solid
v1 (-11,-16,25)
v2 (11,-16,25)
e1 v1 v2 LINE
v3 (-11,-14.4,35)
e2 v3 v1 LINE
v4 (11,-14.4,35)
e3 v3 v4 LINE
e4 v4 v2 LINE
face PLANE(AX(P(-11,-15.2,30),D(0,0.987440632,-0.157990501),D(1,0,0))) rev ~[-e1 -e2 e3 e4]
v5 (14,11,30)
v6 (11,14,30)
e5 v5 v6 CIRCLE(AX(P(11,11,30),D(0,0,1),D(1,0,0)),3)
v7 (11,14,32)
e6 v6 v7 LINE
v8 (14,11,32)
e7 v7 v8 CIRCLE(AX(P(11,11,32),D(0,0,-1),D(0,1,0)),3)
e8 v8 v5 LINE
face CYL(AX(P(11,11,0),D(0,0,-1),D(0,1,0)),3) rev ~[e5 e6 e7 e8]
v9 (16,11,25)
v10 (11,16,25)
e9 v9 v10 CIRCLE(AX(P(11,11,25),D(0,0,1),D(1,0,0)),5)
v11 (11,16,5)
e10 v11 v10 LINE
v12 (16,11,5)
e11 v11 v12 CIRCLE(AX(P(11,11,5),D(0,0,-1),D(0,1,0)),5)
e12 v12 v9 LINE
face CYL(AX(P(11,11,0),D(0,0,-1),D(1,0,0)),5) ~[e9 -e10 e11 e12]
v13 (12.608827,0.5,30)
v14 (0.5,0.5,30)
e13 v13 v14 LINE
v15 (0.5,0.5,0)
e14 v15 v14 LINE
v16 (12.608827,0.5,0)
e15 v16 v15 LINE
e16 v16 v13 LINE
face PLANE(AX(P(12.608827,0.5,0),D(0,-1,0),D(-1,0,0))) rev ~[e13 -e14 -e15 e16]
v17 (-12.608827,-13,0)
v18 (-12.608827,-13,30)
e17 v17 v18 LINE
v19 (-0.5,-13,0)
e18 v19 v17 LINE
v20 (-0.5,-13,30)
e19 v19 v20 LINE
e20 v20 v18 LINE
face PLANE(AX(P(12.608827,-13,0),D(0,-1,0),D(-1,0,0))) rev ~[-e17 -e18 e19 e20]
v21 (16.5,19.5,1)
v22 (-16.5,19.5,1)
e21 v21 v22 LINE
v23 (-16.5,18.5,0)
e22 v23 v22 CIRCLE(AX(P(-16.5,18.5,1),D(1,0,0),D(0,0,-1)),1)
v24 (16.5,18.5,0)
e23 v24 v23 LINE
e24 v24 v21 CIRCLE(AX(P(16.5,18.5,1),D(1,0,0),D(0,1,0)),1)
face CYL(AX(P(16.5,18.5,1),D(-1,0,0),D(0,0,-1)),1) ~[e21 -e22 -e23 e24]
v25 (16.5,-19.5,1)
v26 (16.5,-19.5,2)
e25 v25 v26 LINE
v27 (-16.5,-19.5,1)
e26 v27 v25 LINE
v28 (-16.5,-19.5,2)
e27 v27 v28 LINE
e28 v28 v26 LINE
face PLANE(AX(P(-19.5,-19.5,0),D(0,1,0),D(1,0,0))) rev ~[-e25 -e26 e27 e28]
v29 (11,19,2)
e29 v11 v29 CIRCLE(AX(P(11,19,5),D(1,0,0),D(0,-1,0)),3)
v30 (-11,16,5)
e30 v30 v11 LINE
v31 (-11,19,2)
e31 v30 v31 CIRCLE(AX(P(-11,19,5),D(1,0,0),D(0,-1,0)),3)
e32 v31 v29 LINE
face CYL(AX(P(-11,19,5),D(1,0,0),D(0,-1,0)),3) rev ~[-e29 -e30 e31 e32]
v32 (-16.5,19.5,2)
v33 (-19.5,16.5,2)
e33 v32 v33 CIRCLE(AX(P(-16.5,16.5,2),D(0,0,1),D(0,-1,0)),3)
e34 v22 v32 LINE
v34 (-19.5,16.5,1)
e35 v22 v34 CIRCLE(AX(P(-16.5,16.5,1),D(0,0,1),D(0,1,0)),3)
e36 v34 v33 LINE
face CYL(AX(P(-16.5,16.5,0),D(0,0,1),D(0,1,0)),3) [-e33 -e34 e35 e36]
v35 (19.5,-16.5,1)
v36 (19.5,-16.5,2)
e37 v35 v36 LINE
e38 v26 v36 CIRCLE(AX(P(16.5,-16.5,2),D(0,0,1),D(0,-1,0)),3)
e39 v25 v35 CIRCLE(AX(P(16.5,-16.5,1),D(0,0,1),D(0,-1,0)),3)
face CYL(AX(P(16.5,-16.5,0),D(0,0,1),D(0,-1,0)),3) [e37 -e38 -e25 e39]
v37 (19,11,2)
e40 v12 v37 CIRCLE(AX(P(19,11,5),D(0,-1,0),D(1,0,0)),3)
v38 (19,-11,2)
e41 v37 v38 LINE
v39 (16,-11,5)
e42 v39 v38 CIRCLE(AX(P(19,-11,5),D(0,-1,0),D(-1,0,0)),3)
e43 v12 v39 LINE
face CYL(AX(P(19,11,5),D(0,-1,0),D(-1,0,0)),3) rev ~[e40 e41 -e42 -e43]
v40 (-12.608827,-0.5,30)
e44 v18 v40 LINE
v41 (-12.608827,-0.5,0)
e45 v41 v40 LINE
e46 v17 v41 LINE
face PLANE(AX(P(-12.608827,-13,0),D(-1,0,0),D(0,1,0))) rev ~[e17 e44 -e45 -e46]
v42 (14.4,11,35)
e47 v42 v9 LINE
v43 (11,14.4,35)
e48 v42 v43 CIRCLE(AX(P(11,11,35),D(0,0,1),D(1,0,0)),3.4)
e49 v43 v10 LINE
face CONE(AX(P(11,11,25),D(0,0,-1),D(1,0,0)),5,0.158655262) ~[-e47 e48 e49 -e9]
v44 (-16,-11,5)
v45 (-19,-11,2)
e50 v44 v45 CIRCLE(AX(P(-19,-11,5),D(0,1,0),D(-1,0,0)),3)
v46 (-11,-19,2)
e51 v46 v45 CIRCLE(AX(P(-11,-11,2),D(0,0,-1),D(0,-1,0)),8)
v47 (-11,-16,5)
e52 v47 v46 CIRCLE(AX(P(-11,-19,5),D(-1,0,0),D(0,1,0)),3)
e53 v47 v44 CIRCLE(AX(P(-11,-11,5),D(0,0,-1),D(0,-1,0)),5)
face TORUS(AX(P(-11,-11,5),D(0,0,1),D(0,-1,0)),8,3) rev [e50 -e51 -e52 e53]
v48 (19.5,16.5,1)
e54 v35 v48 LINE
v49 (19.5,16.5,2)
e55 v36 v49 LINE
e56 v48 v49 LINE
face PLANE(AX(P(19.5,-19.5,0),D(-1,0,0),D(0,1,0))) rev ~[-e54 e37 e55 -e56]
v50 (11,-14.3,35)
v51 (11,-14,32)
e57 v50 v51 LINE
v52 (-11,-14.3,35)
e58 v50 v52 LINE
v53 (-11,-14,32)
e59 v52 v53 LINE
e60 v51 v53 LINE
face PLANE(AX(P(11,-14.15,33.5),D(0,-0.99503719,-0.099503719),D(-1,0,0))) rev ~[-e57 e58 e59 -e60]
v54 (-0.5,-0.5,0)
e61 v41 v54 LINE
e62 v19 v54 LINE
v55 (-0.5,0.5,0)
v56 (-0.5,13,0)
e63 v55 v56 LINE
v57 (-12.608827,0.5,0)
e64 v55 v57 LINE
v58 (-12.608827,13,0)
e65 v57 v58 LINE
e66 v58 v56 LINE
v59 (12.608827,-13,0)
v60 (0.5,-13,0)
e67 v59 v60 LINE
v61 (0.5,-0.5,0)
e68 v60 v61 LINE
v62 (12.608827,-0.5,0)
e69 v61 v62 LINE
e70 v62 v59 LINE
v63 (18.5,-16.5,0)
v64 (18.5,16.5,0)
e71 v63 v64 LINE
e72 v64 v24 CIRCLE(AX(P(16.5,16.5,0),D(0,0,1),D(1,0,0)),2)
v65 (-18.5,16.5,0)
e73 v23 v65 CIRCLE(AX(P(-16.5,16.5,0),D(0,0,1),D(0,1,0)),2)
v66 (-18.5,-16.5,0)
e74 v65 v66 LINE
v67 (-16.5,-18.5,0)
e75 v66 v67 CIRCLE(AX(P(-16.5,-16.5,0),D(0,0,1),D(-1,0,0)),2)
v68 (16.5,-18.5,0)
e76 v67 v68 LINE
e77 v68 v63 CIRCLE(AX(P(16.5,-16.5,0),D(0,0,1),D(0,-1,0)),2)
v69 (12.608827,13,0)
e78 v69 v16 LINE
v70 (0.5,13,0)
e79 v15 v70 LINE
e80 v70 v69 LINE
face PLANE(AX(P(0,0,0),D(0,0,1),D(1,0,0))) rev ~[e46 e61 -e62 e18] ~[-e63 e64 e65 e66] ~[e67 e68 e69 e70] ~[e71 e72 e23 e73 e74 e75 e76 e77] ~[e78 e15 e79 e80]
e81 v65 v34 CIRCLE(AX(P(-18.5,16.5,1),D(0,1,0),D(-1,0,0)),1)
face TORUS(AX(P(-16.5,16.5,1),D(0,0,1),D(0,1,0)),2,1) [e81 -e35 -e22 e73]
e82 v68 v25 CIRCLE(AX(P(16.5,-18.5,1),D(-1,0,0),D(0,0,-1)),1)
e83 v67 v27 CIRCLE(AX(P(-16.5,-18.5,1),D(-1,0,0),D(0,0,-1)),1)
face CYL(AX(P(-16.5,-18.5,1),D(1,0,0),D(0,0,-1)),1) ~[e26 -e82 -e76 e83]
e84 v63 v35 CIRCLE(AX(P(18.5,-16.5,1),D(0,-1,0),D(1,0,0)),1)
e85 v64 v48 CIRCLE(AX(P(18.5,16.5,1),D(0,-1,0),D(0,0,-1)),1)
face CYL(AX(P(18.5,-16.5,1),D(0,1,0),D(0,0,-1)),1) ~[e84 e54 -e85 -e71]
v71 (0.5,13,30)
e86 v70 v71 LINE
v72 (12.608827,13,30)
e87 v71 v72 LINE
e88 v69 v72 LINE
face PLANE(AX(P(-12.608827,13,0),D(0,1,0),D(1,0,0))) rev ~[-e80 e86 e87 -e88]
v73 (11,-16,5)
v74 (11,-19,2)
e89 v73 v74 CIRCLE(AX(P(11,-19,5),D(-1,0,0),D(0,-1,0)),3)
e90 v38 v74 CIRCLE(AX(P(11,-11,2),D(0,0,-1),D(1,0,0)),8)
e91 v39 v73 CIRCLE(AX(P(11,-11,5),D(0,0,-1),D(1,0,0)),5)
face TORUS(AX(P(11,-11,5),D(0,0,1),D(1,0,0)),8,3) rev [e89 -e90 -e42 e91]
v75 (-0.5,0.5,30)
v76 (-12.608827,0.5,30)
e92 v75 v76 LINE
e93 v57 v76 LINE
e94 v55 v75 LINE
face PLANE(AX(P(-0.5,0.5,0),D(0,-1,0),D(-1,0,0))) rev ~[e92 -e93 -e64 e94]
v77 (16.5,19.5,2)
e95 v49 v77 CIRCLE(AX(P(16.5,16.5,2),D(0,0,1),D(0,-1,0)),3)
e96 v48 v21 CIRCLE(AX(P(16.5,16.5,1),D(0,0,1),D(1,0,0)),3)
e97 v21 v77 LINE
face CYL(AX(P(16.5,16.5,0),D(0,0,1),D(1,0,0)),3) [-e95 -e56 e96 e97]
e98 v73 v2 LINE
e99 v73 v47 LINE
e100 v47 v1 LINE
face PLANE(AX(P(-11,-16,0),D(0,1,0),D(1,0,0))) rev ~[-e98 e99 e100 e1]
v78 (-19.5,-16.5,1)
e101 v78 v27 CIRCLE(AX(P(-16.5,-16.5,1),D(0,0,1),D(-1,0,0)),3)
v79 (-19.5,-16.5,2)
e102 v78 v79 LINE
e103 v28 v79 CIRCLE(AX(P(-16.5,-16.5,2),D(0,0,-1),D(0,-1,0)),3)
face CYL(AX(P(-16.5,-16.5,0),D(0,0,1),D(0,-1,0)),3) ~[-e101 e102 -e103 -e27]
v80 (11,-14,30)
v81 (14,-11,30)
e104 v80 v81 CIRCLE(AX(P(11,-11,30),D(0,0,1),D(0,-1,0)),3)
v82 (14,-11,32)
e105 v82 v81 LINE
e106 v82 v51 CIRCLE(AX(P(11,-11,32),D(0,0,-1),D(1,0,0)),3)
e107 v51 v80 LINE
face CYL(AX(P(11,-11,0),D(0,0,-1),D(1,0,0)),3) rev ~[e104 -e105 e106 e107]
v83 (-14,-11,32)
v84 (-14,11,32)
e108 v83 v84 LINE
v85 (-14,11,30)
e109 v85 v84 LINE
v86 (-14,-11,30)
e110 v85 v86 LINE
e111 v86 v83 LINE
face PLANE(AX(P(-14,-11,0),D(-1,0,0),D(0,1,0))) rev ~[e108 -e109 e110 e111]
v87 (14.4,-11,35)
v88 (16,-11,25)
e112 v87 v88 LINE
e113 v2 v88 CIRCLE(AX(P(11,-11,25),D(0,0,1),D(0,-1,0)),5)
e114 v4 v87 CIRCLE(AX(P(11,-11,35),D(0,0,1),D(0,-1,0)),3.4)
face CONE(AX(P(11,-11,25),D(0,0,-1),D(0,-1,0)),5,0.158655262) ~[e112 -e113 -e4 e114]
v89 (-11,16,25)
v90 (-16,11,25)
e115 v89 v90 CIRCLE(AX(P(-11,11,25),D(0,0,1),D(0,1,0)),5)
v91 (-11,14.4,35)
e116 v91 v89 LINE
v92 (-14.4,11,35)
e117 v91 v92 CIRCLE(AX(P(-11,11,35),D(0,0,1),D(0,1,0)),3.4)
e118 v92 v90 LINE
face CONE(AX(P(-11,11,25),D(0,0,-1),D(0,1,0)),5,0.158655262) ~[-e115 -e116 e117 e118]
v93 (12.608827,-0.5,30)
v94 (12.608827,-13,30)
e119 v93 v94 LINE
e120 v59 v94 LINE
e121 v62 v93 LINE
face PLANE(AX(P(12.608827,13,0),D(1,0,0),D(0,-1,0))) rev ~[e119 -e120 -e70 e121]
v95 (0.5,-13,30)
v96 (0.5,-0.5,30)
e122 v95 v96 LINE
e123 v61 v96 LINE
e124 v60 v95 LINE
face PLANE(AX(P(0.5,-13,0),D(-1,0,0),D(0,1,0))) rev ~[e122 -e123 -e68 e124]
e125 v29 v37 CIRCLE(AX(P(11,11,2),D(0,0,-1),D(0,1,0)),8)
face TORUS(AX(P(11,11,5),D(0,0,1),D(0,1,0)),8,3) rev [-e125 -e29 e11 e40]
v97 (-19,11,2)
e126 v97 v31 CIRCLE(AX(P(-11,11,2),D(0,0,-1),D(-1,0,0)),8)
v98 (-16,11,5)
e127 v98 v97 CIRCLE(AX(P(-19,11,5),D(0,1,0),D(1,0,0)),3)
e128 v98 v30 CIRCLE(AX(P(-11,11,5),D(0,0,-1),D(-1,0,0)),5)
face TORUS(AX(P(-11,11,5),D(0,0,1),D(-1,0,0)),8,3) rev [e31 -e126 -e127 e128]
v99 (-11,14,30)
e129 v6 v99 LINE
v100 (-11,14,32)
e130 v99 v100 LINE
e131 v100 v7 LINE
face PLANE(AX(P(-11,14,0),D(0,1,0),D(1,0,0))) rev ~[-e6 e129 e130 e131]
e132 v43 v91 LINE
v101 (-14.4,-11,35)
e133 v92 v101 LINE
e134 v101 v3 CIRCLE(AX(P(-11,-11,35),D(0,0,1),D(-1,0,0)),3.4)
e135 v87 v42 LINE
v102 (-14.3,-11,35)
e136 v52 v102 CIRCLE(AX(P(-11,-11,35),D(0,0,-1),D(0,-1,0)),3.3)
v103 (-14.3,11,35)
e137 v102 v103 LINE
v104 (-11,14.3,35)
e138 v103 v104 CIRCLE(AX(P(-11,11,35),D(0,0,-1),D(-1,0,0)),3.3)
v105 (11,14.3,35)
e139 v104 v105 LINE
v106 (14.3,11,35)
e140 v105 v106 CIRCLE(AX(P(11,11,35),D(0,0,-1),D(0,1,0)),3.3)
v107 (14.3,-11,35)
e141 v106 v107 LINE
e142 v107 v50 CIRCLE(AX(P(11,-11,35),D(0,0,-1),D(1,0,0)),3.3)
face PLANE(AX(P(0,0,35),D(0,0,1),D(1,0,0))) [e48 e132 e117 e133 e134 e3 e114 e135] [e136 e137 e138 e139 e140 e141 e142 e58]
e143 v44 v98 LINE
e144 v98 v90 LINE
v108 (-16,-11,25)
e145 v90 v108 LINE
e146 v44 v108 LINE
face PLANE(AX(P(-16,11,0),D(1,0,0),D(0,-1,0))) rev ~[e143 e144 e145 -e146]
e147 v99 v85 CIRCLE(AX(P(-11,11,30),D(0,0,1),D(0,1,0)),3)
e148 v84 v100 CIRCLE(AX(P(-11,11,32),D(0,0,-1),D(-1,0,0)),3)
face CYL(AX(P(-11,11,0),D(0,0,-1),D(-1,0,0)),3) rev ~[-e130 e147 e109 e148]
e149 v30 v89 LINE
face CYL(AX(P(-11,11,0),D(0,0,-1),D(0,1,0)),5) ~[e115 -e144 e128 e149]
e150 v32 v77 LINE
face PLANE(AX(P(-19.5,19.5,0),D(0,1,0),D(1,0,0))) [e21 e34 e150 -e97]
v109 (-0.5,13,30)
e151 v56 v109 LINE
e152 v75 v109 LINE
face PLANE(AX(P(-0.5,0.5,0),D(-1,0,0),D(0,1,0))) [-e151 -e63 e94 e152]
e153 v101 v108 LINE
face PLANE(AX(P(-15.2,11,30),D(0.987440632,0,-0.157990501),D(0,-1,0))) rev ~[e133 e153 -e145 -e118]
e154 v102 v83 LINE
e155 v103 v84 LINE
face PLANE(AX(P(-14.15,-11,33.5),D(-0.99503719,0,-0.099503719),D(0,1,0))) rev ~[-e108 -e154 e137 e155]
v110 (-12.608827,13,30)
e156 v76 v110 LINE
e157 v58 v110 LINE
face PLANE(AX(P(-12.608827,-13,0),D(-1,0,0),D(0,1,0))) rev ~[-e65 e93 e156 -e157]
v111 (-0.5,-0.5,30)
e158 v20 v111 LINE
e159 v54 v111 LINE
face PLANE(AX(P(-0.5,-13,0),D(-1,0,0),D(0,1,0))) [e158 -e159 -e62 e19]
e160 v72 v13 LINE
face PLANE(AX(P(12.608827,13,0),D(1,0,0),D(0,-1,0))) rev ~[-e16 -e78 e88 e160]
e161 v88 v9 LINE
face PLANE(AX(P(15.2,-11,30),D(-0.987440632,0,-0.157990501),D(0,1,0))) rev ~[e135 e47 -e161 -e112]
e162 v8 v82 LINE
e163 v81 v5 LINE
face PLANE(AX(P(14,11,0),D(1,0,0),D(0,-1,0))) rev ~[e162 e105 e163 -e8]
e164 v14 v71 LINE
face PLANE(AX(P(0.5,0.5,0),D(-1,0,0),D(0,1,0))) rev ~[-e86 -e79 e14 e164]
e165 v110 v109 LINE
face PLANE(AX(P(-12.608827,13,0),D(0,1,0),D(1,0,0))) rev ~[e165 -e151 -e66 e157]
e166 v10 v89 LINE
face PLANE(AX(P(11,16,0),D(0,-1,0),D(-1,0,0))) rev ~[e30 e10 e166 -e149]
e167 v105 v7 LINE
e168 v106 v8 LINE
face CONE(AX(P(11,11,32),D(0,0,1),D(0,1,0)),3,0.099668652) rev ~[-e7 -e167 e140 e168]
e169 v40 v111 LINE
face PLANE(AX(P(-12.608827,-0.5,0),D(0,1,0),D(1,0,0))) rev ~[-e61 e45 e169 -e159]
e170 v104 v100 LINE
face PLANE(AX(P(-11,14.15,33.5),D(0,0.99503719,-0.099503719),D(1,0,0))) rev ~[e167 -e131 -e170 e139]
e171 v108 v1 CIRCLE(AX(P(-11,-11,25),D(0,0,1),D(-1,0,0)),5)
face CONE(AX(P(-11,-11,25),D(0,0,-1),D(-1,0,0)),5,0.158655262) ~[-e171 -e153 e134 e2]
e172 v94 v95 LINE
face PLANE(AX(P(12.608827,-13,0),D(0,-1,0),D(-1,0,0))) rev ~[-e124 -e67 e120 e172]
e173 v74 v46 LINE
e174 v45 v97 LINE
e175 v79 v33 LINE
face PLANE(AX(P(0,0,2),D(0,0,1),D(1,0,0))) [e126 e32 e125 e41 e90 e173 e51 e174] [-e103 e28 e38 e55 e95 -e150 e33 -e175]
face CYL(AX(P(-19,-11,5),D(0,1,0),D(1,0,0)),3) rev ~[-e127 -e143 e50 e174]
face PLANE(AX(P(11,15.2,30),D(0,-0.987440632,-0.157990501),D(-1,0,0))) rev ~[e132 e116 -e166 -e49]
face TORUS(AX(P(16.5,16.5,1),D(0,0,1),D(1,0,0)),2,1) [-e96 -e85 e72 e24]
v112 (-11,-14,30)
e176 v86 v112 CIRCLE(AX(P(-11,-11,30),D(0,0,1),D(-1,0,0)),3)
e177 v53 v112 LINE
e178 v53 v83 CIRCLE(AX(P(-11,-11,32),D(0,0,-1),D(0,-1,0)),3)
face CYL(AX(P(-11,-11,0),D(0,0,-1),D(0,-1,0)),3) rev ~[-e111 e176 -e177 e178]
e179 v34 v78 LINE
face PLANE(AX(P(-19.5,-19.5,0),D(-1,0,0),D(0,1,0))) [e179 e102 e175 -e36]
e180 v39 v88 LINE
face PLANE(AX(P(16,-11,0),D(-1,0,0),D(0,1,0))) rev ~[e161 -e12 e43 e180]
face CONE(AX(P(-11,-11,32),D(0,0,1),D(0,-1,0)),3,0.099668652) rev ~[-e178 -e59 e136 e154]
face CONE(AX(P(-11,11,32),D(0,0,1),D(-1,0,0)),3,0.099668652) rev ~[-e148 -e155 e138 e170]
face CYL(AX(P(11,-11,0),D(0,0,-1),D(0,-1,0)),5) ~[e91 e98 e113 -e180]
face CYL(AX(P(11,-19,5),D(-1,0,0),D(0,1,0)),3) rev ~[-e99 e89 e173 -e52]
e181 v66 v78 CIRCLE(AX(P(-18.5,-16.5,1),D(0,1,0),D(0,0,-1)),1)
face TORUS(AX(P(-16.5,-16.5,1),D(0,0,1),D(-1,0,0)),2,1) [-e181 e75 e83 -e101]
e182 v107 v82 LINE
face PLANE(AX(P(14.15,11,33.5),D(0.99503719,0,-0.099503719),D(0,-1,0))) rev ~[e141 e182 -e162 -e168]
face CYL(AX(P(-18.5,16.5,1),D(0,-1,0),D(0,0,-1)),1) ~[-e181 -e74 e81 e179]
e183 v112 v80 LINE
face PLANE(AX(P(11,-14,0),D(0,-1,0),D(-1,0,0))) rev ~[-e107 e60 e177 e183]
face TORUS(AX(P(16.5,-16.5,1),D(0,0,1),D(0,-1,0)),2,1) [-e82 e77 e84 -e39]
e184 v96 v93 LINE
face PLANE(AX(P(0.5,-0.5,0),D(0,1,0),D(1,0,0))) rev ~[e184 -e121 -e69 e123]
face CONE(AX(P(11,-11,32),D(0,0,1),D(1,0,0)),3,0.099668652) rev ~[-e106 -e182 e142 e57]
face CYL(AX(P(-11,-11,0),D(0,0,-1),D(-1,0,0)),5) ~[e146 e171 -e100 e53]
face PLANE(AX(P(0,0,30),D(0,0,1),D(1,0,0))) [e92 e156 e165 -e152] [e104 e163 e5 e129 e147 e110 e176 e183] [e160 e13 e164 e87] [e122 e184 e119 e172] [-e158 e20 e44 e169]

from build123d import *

# Parameters (mm, degrees)
F0_W     = 39
F0_H     = 39
F1_DEPTH = 2
F2_DEPTH = 35
F3_SIZE2 = 10
F3_SIZE  = 1.6
F4_DEPTH = 30
F5_SIZE2 = 3
F5_SIZE  = 0.3
F0_W_2   = 12.1088270918
F0_H_2   = 1
F0_W_3   = 1
F0_H_3   = 12.5
F6_DEPTH = 30
F7_R     = 3
F8_R     = 1


with BuildPart() as f1:
    # F0 (on Top) → F1 (new body)
    with BuildSketch(Plane.XY):
        Rectangle(F0_W, F0_H)
        with BuildLine():
            Line((-16, -11), (-16, 11))
            ThreePointArc((-16, 11), (-14.5355339059, 14.5355339059), (-11, 16))
            Line((-11, 16), (11, 16))
            ThreePointArc((11, 16), (14.5355339059, 14.5355339059), (16, 11))
            Line((16, 11), (16, -11))
            ThreePointArc((16, -11), (14.5355339059, -14.5355339059), (11, -16))
            Line((11, -16), (-11, -16))
            ThreePointArc((-11, -16), (-14.5355339059, -14.5355339059), (-16, -11))
        make_face(mode=Mode.SUBTRACT)
        with BuildLine():
            ThreePointArc((-11, 16), (-14.5355339059, 14.5355339059), (-16, 11))
            Line((-16, 11), (-16, -11))
            ThreePointArc((-16, -11), (-14.5355339059, -14.5355339059), (-11, -16))
            Line((-11, -16), (11, -16))
            ThreePointArc((11, -16), (14.5355339059, -14.5355339059), (16, -11))
            Line((16, -11), (16, 11))
            ThreePointArc((16, 11), (14.5355339059, 14.5355339059), (11, 16))
            Line((11, 16), (-11, 16))
        make_face()
        with BuildLine():
            Line((-14, -11), (-14, 11))
            ThreePointArc((-14, 11), (-13.1213203436, 13.1213203436), (-11, 14))
            Line((-11, 14), (11, 14))
            ThreePointArc((11, 14), (13.1213203436, 13.1213203436), (14, 11))
            Line((14, 11), (14, -11))
            ThreePointArc((14, -11), (13.1213203436, -13.1213203436), (11, -14))
            Line((11, -14), (-11, -14))
            ThreePointArc((-11, -14), (-13.1213203436, -13.1213203436), (-14, -11))
        make_face(mode=Mode.SUBTRACT)
    extrude(amount=F1_DEPTH)

    # F0 (on Top) → F2 (join)
    with BuildSketch(Plane.XY):
        with BuildLine():
            ThreePointArc((-11, 16), (-14.5355339059, 14.5355339059), (-16, 11))
            Line((-16, 11), (-16, -11))
            ThreePointArc((-16, -11), (-14.5355339059, -14.5355339059), (-11, -16))
            Line((-11, -16), (11, -16))
            ThreePointArc((11, -16), (14.5355339059, -14.5355339059), (16, -11))
            Line((16, -11), (16, 11))
            ThreePointArc((16, 11), (14.5355339059, 14.5355339059), (11, 16))
            Line((11, 16), (-11, 16))
        make_face()
        with BuildLine():
            Line((-14, -11), (-14, 11))
            ThreePointArc((-14, 11), (-13.1213203436, 13.1213203436), (-11, 14))
            Line((-11, 14), (11, 14))
            ThreePointArc((11, 14), (13.1213203436, 13.1213203436), (14, 11))
            Line((14, 11), (14, -11))
            ThreePointArc((14, -11), (13.1213203436, -13.1213203436), (11, -14))
            Line((11, -14), (-11, -14))
            ThreePointArc((-11, -14), (-13.1213203436, -13.1213203436), (-14, -11))
        make_face(mode=Mode.SUBTRACT)
    extrude(amount=F2_DEPTH)

    # F3
    f3_edges = [f1.edges().sort_by_distance(p)[0] for p in [
        (0, -16, 35),
        (14.535534, -14.535534, 35),
        (16, 0, 35),
        (14.535534, 14.535534, 35),
        (0, 16, 35),
        (-14.535534, 14.535534, 35),
        (-16, 0, 35),
        (-14.535534, -14.535534, 35),
    ]]
    f3_side = f1.faces().sort_by_distance((-14.215534, 14.215534, 35))[0]
    chamfer(f3_edges, length=F3_SIZE, length2=F3_SIZE2, reference=f3_side)

    # F0 (on Top) → F4 (join)
    with BuildSketch(Plane.XY):
        with BuildLine():
            ThreePointArc((-11, 14), (-13.1213203436, 13.1213203436), (-14, 11))
            Line((-14, 11), (-14, -11))
            ThreePointArc((-14, -11), (-13.1213203436, -13.1213203436), (-11, -14))
            Line((-11, -14), (11, -14))
            ThreePointArc((11, -14), (13.1213203436, -13.1213203436), (14, -11))
            Line((14, -11), (14, 11))
            ThreePointArc((14, 11), (13.1213203436, 13.1213203436), (11, 14))
            Line((11, 14), (-11, 14))
        make_face()
        Polygon((-12.6088270918, 0.5), (-12.6088270918, 13), (-0.5, 13), (0.5, 13), (12.6088270918, 13), (12.6088270918, 0.5), (12.6088270918, -0.5), (12.6088270918, -13), (0.5, -13), (-0.5, -13), (-12.6088270918, -13), (-12.6088270918, -0.5), align=None, mode=Mode.SUBTRACT)
    extrude(amount=F4_DEPTH)

    # F5
    f5_edges = [f1.edges().sort_by_distance(p)[0] for p in [
        (0, 14, 35),
        (13.12132, 13.12132, 35),
        (14, 0, 35),
        (13.12132, -13.12132, 35),
        (0, -14, 35),
        (-13.12132, -13.12132, 35),
        (-14, 0, 35),
        (-13.12132, 13.12132, 35),
    ]]
    f5_side = f1.faces().sort_by_distance((0, -14.359271, 35))[0]
    chamfer(f5_edges, length=F5_SIZE, length2=F5_SIZE2, reference=f5_side)

    # F0 (on Top) → F6 (join)
    with BuildSketch(Plane.XY):
        with Locations((6.5544135459, 0)):
            Rectangle(F0_W_2, F0_H_2)
        with Locations((0, -6.75)):
            Rectangle(F0_W_3, F0_H_3)
        with Locations((-6.5544135459, 0)):
            Rectangle(F0_W_2, F0_H_2)
        Rectangle(F0_W_3, F0_H_2)
        with Locations((0, 6.75)):
            Rectangle(F0_W_3, F0_H_3)
    extrude(amount=F6_DEPTH)

    # F7
    f7_edges = [f1.edges().sort_by_distance(p)[0] for p in [
        (0, 16, 2),
        (-19.5, 19.5, 1),
        (19.5, 19.5, 1),
        (-19.5, -19.5, 1),
        (19.5, -19.5, 1),
    ]]
    fillet(f7_edges, radius=F7_R)

    # F8
    f8_edges = [f1.edges().sort_by_distance(p)[0] for p in [
        (0, -19.5, 0),
    ]]
    fillet(f8_edges, radius=F8_R)


solid = f1.part
